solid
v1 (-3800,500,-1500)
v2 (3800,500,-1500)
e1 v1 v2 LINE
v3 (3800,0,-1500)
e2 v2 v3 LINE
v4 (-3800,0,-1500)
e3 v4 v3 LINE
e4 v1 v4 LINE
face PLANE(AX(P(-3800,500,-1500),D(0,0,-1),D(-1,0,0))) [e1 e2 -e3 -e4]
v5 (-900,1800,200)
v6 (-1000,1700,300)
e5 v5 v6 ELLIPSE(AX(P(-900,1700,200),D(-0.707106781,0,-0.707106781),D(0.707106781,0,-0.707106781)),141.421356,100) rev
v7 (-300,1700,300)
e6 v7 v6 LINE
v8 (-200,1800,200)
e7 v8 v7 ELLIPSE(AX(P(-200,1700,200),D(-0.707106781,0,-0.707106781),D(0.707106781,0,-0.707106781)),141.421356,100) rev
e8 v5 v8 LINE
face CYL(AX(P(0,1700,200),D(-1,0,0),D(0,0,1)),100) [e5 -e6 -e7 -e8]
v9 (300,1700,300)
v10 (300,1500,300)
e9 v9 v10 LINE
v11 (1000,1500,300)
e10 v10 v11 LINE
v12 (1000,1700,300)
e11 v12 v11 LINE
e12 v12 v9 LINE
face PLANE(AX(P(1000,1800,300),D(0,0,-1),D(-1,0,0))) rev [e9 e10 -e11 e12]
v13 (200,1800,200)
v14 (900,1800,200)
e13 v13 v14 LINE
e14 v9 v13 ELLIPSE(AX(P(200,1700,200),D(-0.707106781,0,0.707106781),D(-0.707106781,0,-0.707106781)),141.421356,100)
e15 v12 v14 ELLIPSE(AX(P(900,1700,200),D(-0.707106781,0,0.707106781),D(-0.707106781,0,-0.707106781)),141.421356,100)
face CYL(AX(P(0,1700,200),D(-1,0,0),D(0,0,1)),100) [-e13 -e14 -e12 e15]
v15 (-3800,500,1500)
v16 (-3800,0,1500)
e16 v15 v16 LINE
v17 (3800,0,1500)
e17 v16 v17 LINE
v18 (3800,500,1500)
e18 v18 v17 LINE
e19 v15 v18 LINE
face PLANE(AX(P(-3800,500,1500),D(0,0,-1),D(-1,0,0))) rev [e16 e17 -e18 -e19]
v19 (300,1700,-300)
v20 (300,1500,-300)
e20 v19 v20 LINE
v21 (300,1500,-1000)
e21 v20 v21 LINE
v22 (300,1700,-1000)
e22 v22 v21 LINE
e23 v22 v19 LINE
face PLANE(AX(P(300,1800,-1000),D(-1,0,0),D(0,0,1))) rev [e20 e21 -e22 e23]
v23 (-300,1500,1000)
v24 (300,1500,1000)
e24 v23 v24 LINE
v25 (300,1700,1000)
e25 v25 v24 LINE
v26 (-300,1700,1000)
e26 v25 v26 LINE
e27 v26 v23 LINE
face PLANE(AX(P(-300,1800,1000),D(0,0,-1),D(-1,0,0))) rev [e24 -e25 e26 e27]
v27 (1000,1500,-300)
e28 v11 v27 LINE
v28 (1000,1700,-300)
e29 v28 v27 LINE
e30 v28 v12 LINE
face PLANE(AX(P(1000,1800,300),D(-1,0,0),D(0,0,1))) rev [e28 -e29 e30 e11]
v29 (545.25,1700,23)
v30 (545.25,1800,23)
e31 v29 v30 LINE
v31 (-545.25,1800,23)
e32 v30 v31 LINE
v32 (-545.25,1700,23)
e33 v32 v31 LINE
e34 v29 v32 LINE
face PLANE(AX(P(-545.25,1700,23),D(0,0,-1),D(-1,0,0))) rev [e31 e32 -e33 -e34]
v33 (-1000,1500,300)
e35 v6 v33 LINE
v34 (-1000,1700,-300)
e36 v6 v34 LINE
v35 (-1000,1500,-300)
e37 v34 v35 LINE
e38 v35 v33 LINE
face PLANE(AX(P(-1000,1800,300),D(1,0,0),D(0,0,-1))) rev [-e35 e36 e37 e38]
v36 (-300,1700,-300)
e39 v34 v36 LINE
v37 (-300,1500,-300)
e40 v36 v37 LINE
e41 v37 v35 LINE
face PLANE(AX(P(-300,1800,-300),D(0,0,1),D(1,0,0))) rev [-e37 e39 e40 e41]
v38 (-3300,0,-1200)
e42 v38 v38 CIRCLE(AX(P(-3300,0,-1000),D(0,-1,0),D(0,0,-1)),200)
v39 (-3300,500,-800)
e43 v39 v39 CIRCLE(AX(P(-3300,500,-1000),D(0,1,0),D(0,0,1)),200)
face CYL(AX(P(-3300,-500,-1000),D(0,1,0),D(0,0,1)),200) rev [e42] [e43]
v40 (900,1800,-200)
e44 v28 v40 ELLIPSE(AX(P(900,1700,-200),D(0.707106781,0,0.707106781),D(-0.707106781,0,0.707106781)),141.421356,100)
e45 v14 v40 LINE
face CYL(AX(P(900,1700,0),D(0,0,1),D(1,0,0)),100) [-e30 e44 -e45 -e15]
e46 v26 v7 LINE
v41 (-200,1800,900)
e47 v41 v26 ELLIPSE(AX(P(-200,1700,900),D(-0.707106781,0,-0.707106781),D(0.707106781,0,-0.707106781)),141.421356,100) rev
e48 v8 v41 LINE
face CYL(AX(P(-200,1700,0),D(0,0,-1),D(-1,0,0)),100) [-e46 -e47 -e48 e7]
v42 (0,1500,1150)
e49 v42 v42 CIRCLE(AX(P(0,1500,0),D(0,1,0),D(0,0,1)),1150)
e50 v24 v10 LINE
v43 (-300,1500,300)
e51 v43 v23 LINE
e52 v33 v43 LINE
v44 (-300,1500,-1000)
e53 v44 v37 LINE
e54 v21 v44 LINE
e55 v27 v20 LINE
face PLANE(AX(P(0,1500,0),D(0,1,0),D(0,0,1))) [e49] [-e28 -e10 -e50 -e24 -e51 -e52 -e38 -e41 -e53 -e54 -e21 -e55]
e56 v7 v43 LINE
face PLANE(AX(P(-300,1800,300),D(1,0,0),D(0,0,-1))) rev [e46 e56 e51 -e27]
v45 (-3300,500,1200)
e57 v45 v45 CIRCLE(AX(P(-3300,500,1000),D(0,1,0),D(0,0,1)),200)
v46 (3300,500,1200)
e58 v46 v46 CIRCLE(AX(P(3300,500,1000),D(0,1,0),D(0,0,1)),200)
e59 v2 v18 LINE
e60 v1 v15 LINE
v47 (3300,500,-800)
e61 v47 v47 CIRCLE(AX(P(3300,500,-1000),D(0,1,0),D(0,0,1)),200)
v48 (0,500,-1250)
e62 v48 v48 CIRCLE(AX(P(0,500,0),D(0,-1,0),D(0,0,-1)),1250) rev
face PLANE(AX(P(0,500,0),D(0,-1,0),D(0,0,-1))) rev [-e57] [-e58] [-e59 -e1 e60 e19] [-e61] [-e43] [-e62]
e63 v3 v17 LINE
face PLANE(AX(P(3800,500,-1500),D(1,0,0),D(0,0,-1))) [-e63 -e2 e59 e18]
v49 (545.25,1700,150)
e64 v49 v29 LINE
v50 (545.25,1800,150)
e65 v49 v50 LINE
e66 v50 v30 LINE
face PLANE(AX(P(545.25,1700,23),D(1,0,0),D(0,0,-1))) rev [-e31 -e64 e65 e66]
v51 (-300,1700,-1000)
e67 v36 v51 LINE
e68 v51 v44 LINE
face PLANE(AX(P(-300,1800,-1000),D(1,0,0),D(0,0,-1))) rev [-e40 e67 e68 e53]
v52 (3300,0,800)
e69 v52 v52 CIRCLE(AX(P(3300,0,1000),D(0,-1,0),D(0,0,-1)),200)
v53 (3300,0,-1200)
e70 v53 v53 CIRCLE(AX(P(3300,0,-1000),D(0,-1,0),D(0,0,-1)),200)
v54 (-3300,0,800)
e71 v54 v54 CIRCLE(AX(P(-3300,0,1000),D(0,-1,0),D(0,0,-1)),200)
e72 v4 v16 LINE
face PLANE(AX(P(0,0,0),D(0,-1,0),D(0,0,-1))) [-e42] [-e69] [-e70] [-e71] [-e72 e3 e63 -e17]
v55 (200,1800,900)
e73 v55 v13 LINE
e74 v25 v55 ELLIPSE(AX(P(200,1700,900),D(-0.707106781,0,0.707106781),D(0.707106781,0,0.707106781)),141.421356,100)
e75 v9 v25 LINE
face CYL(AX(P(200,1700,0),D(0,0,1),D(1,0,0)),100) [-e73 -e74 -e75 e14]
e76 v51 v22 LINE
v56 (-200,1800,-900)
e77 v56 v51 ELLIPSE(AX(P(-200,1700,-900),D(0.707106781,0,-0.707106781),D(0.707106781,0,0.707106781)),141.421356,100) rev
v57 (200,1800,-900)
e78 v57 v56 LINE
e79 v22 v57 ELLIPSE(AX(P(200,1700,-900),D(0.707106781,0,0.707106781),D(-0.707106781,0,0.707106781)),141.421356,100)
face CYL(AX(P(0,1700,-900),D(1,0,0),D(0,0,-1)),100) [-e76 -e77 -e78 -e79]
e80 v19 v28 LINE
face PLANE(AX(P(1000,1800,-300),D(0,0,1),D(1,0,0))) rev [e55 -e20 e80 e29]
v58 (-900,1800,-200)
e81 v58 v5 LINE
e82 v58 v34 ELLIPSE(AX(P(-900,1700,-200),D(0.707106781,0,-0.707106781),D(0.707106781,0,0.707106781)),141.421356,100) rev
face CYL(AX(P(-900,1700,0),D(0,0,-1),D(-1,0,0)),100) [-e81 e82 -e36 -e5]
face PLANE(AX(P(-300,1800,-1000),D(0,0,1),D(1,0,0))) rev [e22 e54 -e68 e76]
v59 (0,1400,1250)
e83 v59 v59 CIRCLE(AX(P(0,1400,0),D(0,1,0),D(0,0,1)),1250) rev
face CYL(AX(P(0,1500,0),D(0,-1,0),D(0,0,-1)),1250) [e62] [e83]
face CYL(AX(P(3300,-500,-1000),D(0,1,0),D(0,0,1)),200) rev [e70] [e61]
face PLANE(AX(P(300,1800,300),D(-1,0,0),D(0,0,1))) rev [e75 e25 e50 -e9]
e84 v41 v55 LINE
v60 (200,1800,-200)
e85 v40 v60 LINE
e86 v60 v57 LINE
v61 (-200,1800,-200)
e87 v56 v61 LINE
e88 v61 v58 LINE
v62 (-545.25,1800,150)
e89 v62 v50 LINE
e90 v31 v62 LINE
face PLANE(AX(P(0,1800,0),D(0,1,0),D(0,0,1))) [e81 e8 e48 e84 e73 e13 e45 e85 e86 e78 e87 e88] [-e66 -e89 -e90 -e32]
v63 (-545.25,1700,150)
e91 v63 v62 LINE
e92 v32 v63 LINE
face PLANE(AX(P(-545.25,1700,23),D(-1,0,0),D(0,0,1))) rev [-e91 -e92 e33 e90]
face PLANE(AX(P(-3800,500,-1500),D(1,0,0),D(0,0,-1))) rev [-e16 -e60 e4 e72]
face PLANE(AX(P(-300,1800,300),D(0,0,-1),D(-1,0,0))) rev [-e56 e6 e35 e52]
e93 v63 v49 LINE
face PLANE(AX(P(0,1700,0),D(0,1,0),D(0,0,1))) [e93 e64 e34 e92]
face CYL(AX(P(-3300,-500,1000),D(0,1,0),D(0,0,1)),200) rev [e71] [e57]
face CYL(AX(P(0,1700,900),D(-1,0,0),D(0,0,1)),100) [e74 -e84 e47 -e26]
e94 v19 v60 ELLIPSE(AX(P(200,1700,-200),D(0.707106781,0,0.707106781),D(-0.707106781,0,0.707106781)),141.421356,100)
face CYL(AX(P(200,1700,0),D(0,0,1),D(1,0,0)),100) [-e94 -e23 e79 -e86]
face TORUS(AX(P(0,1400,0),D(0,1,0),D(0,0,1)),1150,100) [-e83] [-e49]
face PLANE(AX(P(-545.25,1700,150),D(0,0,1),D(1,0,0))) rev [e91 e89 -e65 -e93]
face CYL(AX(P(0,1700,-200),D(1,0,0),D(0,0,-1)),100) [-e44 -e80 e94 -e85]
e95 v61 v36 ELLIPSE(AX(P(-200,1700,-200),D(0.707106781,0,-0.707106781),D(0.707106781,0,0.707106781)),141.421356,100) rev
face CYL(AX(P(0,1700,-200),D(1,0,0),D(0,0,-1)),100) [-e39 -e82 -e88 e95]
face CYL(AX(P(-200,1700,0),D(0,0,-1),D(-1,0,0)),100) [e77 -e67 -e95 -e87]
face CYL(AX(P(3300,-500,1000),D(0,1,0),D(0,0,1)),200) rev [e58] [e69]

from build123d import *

# Parameters (mm, degrees)
SKETCH1_W           = 7600
SKETCH1_H           = 3000
BOSS_EXTRUDE1_DEPTH = 500
SKETCH2_R           = 200
CUT_EXTRUDE1_DEPTH  = 1000
SKETCH3_R           = 1250
BOSS_EXTRUDE2_DEPTH = 1000
BOSS_EXTRUDE3_DEPTH = 300
FILLET1_R           = 100
FILLET2_R           = 100
SKETCH6_W           = 1090.5
SKETCH6_H           = 127
CUT_EXTRUDE2_DEPTH  = 100


with BuildPart() as part:
    # Sketch1 → Boss-Extrude1 (new body)
    with BuildSketch(Plane(origin=(0, 0, 0), x_dir=(1, 0, 0), z_dir=(0, 1, 0))):
        Rectangle(SKETCH1_W, SKETCH1_H)
    extrude(amount=BOSS_EXTRUDE1_DEPTH)

    # Sketch2 → Cut-Extrude1 (cut)
    with BuildSketch(Plane(origin=(0, 500, 0), x_dir=(1, 0, 0), z_dir=(0, 1, 0))):
        with Locations(Location((-3300, -1000, 0), (0, 0, 270))):
            Circle(SKETCH2_R)
        with Locations(Location((-3300, 1000, 0), (0, 0, 270))):
            Circle(SKETCH2_R)
        with Locations(Location((3300, 1000, 0), (0, 0, 270))):
            Circle(SKETCH2_R)
        with Locations(Location((3300, -1000, 0), (0, 0, 270))):
            Circle(SKETCH2_R)
    extrude(amount=-CUT_EXTRUDE1_DEPTH, mode=Mode.SUBTRACT)

    # Sketch3 → Boss-Extrude2 (add)
    with BuildSketch(Plane(origin=(0, 500, 0), x_dir=(1, 0, 0), z_dir=(0, 1, 0))):
        with Locations(Location((0, 0, 0), (0, 0, 90))):
            Circle(SKETCH3_R)
    extrude(amount=BOSS_EXTRUDE2_DEPTH)

    # Sketch4 → Boss-Extrude3 (add)
    with BuildSketch(Plane(origin=(0, 1500, 0), x_dir=(1, 0, 0), z_dir=(0, 1, 0))):
        Polygon((-300, -300), (-300, -1000), (300, -1000), (300, -300), (1000, -300), (1000, 300), (300, 300), (300, 1000), (-300, 1000), (-300, 300), (-1000, 300), (-1000, -300), align=None)
    extrude(amount=BOSS_EXTRUDE3_DEPTH)

    # Fillet1
    fillet1_edges = [part.edges().sort_by_distance(p)[0] for p in [
        (300, 1800, 650),
        (650, 1800, 300),
        (1000, 1800, 0),
        (650, 1800, -300),
        (300, 1800, -650),
        (0, 1800, -1000),
        (-300, 1800, -650),
        (-650, 1800, -300),
        (-1000, 1800, 0),
        (-650, 1800, 300),
        (-300, 1800, 650),
        (0, 1800, 1000),
    ]]
    fillet(fillet1_edges, radius=FILLET1_R)

    # Fillet2
    fillet2_edges = [part.edges().sort_by_distance(p)[0] for p in [
        (0, 1500, 1250),
    ]]
    fillet(fillet2_edges, radius=FILLET2_R)

    # Sketch6 → Cut-Extrude2 (cut)
    with BuildSketch(Plane(origin=(0, 1800, 0), x_dir=(1, 0, 0), z_dir=(0, 1, 0))):
        with Locations((0, -86.5)):
            Rectangle(SKETCH6_W, SKETCH6_H)
    extrude(amount=-CUT_EXTRUDE2_DEPTH, mode=Mode.SUBTRACT)


solid = part.part
